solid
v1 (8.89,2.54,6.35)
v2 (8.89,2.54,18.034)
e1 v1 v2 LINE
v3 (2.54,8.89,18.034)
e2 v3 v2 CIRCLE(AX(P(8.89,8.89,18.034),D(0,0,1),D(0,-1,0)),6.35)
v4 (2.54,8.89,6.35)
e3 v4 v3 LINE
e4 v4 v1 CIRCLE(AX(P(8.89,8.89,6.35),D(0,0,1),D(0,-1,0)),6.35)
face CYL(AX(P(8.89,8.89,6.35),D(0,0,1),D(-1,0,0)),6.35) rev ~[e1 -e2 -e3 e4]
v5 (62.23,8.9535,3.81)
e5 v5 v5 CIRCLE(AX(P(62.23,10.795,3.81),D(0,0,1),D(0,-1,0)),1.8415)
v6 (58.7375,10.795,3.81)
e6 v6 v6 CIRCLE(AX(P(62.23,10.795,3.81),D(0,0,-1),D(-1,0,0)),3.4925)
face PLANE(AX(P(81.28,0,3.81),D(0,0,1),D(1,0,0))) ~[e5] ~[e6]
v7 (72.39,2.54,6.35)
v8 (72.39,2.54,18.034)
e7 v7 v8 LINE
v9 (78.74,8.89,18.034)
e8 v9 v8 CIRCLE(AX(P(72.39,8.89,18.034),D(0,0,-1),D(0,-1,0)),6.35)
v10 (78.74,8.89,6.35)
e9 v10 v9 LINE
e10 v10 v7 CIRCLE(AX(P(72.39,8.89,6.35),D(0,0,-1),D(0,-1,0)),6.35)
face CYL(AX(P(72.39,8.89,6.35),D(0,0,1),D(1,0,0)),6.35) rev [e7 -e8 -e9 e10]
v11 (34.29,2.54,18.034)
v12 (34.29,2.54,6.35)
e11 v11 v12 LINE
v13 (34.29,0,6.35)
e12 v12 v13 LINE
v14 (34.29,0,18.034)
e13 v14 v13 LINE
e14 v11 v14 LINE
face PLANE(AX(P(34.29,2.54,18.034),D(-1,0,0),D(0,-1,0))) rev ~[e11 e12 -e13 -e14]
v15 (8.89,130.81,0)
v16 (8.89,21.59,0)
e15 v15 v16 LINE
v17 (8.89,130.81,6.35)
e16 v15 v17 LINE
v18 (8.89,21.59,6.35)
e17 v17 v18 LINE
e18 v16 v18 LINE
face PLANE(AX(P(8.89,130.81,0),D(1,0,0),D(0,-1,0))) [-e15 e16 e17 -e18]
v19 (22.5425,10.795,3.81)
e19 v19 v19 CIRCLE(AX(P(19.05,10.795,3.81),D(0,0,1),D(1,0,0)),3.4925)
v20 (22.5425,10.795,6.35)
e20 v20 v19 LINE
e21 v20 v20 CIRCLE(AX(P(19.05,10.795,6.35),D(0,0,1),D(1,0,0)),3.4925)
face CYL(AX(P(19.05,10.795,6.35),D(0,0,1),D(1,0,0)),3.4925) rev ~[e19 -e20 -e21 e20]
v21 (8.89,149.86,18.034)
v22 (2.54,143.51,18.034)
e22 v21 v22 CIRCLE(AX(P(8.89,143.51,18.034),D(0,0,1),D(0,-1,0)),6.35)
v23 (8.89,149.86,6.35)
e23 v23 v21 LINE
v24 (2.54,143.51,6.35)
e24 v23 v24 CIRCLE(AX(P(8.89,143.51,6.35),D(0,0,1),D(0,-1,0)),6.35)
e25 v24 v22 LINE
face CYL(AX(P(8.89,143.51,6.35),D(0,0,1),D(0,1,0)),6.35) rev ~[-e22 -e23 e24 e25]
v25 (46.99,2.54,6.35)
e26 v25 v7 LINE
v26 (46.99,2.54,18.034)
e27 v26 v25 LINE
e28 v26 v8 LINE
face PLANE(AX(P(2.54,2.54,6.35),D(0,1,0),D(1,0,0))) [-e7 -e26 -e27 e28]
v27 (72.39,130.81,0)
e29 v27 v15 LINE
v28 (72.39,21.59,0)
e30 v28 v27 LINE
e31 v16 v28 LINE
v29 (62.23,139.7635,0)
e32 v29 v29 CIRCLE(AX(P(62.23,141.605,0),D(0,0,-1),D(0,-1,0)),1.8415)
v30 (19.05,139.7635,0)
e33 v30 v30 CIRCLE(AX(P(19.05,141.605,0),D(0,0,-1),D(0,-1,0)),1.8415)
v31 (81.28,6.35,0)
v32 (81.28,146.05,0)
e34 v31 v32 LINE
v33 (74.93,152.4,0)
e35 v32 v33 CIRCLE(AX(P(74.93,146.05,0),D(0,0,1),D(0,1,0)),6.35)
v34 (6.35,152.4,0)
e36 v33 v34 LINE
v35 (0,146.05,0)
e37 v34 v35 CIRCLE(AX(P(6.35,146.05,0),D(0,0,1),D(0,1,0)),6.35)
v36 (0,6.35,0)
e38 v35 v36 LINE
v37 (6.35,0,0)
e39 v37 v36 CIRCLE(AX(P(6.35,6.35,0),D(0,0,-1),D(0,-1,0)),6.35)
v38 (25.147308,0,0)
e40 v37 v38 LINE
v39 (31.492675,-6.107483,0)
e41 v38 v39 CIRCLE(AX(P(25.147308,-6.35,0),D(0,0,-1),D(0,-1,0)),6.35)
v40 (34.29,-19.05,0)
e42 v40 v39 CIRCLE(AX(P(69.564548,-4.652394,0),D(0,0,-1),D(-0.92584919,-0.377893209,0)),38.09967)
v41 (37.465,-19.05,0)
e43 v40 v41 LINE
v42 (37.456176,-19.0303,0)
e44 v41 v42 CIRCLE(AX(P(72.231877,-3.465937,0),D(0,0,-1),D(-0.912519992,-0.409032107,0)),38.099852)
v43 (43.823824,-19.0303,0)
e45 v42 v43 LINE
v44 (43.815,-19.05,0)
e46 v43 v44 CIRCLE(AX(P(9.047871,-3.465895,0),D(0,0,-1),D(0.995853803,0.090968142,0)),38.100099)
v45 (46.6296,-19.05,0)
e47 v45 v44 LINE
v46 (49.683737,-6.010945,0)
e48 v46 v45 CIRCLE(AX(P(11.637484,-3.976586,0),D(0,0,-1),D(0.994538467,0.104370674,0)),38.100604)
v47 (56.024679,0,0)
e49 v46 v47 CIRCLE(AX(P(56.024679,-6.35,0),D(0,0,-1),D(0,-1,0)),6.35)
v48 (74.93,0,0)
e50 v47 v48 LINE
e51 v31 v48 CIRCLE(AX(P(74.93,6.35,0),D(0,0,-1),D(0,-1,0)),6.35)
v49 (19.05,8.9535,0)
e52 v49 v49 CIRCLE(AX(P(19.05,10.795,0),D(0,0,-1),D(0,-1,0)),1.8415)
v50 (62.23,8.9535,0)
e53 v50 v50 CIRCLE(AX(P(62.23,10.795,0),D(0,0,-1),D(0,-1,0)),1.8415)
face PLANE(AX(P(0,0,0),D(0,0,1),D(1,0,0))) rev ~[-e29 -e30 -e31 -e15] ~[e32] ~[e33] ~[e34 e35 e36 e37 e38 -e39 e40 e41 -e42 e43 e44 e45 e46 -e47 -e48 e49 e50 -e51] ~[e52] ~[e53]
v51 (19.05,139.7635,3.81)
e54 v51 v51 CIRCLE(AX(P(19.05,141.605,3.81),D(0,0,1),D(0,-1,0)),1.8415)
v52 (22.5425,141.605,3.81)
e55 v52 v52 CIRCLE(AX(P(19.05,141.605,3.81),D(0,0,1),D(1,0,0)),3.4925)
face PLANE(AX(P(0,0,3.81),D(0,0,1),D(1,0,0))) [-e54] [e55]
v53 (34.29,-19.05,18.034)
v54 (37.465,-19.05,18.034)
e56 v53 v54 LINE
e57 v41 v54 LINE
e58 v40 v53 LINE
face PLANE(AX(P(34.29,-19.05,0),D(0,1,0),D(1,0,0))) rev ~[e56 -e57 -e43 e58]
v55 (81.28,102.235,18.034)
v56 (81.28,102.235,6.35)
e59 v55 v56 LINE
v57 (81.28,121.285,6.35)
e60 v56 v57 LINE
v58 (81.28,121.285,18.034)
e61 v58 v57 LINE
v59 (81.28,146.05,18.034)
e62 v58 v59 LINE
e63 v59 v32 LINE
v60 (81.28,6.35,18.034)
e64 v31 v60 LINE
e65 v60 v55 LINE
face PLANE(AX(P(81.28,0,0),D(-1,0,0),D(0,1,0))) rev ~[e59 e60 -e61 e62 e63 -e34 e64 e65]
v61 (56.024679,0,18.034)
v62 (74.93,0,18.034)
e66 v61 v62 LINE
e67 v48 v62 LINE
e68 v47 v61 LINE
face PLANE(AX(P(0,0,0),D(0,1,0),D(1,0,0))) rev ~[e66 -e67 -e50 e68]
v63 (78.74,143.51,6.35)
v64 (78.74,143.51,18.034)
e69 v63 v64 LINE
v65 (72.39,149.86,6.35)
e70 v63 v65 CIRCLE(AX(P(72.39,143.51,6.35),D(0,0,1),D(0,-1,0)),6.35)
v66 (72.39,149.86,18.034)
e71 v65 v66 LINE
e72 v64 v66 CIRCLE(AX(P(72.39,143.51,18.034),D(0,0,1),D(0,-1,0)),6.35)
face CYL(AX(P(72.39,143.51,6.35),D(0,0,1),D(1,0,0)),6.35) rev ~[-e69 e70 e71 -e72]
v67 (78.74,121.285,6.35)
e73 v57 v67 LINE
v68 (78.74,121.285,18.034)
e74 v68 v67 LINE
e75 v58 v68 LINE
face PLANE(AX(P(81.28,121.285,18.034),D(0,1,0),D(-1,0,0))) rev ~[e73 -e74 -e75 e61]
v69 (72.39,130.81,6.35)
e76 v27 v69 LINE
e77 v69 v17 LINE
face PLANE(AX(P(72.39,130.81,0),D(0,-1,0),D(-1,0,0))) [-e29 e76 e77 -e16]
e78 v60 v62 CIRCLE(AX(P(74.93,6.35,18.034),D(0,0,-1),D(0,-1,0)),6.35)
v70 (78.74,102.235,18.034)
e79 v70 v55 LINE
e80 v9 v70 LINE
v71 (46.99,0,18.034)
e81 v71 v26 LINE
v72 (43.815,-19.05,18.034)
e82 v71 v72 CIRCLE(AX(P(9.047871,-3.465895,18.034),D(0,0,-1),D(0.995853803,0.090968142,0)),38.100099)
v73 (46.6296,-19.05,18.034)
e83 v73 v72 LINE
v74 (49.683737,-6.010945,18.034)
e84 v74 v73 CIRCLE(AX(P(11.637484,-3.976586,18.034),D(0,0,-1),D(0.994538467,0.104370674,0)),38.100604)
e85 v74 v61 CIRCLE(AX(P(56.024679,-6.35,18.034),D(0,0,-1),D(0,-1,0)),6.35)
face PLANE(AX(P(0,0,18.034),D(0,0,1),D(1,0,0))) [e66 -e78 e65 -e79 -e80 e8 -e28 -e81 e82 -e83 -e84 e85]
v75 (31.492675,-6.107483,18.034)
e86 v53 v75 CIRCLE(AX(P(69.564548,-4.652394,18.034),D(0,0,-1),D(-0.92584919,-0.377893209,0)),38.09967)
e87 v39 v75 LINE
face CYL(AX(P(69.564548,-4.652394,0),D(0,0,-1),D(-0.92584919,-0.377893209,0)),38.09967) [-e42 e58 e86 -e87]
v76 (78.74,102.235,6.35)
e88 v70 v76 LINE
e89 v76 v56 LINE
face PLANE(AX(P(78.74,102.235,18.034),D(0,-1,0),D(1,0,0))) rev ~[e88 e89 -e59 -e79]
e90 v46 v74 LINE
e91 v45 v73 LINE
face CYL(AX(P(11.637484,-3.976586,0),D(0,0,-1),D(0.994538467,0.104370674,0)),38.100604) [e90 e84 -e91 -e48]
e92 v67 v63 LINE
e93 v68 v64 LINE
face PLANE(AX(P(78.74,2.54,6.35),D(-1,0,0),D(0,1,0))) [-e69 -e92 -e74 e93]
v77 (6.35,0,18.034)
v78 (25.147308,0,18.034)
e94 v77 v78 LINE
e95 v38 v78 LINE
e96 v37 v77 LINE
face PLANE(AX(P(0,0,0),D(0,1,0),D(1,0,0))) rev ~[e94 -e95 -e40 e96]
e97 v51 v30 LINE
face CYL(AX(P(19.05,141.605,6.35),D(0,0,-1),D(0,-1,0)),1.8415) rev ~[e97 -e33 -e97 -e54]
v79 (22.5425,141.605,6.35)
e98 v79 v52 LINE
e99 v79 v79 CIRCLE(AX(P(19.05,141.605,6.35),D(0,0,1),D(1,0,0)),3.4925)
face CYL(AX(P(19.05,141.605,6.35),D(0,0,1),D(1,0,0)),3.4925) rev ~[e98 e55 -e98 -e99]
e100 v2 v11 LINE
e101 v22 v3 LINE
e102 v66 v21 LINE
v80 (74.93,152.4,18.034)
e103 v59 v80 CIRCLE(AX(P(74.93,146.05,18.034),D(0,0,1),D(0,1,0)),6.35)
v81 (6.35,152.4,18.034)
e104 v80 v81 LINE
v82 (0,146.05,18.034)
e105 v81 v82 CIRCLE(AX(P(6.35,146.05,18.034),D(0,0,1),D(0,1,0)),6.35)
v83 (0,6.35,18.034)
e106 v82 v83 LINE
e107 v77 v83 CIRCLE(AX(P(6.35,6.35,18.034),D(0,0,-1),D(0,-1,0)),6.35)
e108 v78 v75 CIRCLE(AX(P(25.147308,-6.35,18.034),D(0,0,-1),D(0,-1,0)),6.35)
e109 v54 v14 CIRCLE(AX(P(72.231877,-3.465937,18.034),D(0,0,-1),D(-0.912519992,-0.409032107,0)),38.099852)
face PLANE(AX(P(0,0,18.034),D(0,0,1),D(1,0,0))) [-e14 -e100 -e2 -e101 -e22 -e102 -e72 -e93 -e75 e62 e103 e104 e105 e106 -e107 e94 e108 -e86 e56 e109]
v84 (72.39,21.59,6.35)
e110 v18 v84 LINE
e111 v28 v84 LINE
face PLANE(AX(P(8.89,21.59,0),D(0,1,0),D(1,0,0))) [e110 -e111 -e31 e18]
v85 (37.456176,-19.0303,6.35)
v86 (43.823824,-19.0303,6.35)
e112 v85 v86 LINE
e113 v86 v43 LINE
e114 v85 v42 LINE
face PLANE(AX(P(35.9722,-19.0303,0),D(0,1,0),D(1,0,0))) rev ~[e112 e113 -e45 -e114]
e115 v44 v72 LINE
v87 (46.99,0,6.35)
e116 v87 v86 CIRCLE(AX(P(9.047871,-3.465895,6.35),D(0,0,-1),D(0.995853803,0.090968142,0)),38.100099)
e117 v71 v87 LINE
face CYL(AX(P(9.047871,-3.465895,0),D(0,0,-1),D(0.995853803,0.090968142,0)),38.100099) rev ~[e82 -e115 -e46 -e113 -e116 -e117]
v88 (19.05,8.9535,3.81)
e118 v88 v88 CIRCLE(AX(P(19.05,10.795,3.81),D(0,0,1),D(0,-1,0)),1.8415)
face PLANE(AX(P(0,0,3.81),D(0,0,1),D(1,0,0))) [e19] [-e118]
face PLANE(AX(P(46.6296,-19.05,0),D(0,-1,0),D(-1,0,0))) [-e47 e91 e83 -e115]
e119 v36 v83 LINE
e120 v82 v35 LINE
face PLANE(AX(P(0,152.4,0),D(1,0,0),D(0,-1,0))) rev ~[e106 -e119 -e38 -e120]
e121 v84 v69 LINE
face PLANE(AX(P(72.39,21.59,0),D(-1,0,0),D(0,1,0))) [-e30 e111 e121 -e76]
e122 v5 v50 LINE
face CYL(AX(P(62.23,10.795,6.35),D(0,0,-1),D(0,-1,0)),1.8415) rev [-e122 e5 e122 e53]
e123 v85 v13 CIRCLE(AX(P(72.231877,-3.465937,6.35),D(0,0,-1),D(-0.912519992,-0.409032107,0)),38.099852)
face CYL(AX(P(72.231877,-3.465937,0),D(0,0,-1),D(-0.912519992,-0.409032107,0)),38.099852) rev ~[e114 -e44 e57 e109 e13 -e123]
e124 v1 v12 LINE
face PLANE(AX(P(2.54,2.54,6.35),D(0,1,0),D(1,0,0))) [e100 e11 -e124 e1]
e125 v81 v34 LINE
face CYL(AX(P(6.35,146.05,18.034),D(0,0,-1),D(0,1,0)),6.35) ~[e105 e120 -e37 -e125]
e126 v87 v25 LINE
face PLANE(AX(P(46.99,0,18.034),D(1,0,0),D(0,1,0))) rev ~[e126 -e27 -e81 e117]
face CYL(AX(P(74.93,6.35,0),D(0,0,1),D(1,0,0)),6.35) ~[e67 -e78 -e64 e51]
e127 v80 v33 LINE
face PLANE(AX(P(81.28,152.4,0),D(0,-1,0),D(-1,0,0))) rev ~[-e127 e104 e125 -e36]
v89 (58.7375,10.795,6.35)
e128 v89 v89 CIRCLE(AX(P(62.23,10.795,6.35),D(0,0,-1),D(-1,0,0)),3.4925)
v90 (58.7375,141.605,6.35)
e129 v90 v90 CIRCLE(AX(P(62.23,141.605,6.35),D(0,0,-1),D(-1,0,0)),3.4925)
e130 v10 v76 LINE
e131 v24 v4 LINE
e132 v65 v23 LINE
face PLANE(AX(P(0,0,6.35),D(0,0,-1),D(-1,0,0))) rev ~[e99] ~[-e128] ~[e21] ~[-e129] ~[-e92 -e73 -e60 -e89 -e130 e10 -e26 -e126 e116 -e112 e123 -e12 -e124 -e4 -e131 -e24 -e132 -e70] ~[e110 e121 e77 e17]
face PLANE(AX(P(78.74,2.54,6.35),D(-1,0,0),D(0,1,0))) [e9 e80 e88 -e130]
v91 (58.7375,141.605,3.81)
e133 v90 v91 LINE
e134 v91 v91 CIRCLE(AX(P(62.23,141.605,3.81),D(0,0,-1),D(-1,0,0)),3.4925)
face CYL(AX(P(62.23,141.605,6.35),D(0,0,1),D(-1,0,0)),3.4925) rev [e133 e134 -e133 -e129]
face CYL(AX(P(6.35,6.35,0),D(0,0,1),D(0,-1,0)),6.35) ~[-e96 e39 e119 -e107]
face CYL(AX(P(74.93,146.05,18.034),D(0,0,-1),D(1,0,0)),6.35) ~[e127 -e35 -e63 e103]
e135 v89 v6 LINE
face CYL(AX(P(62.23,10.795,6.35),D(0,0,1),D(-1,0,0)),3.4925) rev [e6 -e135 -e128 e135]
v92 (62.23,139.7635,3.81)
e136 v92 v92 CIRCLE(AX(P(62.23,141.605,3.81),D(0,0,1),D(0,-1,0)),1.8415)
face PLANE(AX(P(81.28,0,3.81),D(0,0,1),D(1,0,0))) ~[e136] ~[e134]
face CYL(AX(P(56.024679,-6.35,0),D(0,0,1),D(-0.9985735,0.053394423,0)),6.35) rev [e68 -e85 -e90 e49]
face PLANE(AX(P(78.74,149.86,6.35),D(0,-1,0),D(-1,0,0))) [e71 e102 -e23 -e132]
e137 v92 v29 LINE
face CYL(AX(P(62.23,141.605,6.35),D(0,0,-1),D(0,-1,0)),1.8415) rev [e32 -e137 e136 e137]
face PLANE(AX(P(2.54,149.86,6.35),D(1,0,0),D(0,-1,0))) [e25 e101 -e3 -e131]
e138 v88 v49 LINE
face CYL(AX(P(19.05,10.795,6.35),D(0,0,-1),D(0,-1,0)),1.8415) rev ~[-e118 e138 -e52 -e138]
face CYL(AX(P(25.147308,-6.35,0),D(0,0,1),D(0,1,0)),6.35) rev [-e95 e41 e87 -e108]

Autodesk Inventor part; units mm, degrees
ref_plane "YZ Plane" through (0, 0, 0) normal (1, 0, 0) x (0, 1, 0)
ref_plane "XZ Plane" through (0, 0, 0) normal (0, 1, 0) x (-1, 0, 0)
sketch "Sketch1" plane through (0, 0, 0) normal (0, 0, 1) x (1, 0, 0)
  line L0 (0, 0) -> (81.28, 0)
  line L1 (81.28, 0) -> (81.28, 152.4)
  line L2 (81.28, 152.4) -> (0, 152.4)
  line L3 (0, 152.4) -> (0, 0)
  line L4 (8.89, 21.59) -> (72.39, 21.59)
  line L5 (72.39, 21.59) -> (72.39, 130.81)
  line L6 (72.39, 130.81) -> (8.89, 130.81)
  line L7 (8.89, 130.81) -> (8.89, 21.59)
  dimension "d0" = 81.28
  dimension "d1" = 152.4
  dimension "d2" = 21.59
  dimension "d3" = 8.89
  dimension "d4" = 63.5
  dimension "d5" = 109.22
extrude "Extrusion1" add sketch "Sketch1" along normal blind 6.35
sketch "Sketch2" plane through (0, 0, 6.35) normal (0, 0, 1) x (1, 0, 0)
  line L0 (0, 0) -> (81.28, 0)
  line L1 (81.28, 0) -> (81.28, 152.4)
  line L2 (81.28, 152.4) -> (0, 152.4)
  line L3 (0, 152.4) -> (0, 0)
  line L4 (2.54, 2.54) -> (78.74, 2.54)
  line L5 (78.74, 2.54) -> (78.74, 149.86)
  line L6 (78.74, 149.86) -> (2.54, 149.86)
  line L7 (2.54, 149.86) -> (2.54, 2.54)
  dimension "d8" = 2.54
  dimension "d9" = 2.54
  dimension "d10" = 76.2
  dimension "d11" = 147.32
extrude "Extrusion2" add sketch "Sketch2" along normal blind 11.684
sketch "Sketch3" plane through (0, 0, 18.034) normal (0, 0, 1) x (1, 0, 0)
  line L0 (0, 0) -> (81.28, 0) projected
  line L1 (2.54, 2.54) -> (78.74, 2.54) projected
  line L2 (34.29, 0) -> (46.99, 0)
  line L3 (46.99, 0) -> (46.99, 2.54)
  line L4 (46.99, 2.54) -> (34.29, 2.54)
  line L5 (34.29, 2.54) -> (34.29, 0)
  line L6 (81.28, 0) -> (81.28, 152.4) projected
  line L7 (81.28, 152.4) -> (0, 152.4) projected
  line L8 (78.74, 2.54) -> (78.74, 149.86) projected
  line L9 (81.28, 121.285) -> (78.74, 121.285)
  line L10 (78.74, 121.285) -> (78.74, 102.235)
  line L11 (78.74, 102.235) -> (81.28, 102.235)
  line L12 (81.28, 102.235) -> (81.28, 121.285)
  dimension "d14" = 34.29
  dimension "d15" = 12.7
  dimension "d16" = 31.115
  dimension "d17" = 19.05
extrude "Extrusion3" cut sketch "Sketch3" against normal blind 11.684 contours L5 L1 L3 L0 | L11 L8 L9 L6
fillet "Fillet1" radius 6.35 1 edges at (78.74, 149.86, 12.192)
fillet "Fillet2" radius 6.35 3 edges at (2.54, 149.86, 12.192) (2.54, 2.54, 12.192) (78.74, 2.54, 12.192)
fillet "Fillet3" radius 6.35 4 edges at (81.28, 0, 9.017) (0, 0, 9.017) (81.28, 152.4, 9.017) (0, 152.4, 9.017)
sketch "Sketch4" plane through (0, 0, 0) normal (0, 0, -1) x (-1, 0, 0)
  line L0 (-46.99, 0) -> (-34.29, 0) projected
  arc A0 (-37.465, -19.05) -> (-34.29, 0) centre (-72.232, -3.4659) ccw
  arc A1 (-46.99, 0) -> (-43.815, -19.05) centre (-9.048, -3.4659) ccw
  line L1 (-6.35, 0) -> (-34.29, 0) projected
  line L2 (-6.35, 0) -> (-74.93, 0) projected
  arc A2 (-34.29, -19.05) -> (-31.75, 0) centre (-69.5649, -4.6523) ccw
  arc A3 (-49.53, 0) -> (-46.6296, -19.05) centre (-11.6381, -3.9766) ccw
  line L3 (-34.29, -19.05) -> (-37.465, -19.05)
  line L4 (-46.6296, -19.05) -> (-43.815, -19.05)
  point P0 (0, 0)
  dimension "d24" = 19.05
  dimension "d25" = 3.175
  dimension "d26" = 3.175
  dimension "d27" = 38.1
  dimension "d28" = 38.1
  dimension "d29" = 2.54
  dimension "d30" = 2.54
  dimension "d31" = 38.1
  dimension "d32" = 38.1
  dimension "d33" = 3.175
extrude "Extrusion4" add sketch "Sketch4" against normal blind 18.034
fillet "Fillet4" radius 6.35 1 edges at (31.75, 0, 9.017)
fillet "Fillet5" radius 6.35 1 edges at (49.53, 0, 9.017)
sketch "Sketch5" plane through (0, 0, 0) normal (0, 0, -1) x (-1, 0, 0)
  arc A0 (-35.9722, -19.0303) -> (-32.9017, 0) centre (-116.0568, 3.6542) ccw
  arc A1 (-49.1616, 0) -> (-45.6026, -19.0303) centre (-4.2841, -1.455) ccw
  arc A2 (-32.9017, 0) -> (-49.1616, 0) centre (-41.0317, -15.216) ccw
  line L0 (-35.9722, -19.0303) -> (-45.6026, -19.0303)
  line L1 (-46.6296, -19.05) -> (-43.815, -19.05) projected
  point P0 (0, 0)
extrude "Extrusion5" add sketch "Sketch5" against normal blind 6.35
sketch "Sketch6" plane through (0, 0, 6.35) normal (0, 0, 1) x (1, 0, 0)
  line L0 (74.93, 152.4) -> (6.35, 152.4) projected
  line L1 (6.35, 0) -> (25.1473, 0) projected
  line L2 (0, 146.05) -> (0, 6.35) projected
  point P0 (0, 0)
  point P1 (19.05, 10.795)
  point P2 (19.05, 141.605)
  dimension "d40" = 10.795
  dimension "d41" = 10.795
  dimension "d42" = 19.05
  dimension "d43" = 19.05
hole "Hole1" at (19.05, 10.795, 6.35) at (19.05, 141.605, 6.35) direction (0, 0, -1) diameter 3.683 depth 25.4 tip angle 118
sketch "Sketch7" plane through (0, 0, 6.35) normal (0, 0, 1) x (1, 0, 0)
  circle A0 centre (19.05, 10.795) radius 1.8415 projected
  circle A1 centre (19.05, 10.795) radius 3.4925
  circle A2 centre (19.05, 141.605) radius 1.8415 projected
  circle A3 centre (19.05, 141.605) radius 3.4925
  point P0 (0, 0)
  dimension "d51" = 6.985
  dimension "d52" = 6.985
extrude "Extrusion6" cut sketch "Sketch7" against normal blind 2.54
ref_plane "Work Plane1" through (40.64, 102.235, 6.35) normal (1, 0, 0) x (0, 0, -1)
mirror "Mirror1" about plane through (40.64, 102.235, 6.35) normal (1, 0, 0) of "Extrusion6", "Hole1"
equation "\"d26\" = d25"
equation "\"d28\" = d27"
equation "\"d30\" = d29"
properties part number "DS Phone Holder"
